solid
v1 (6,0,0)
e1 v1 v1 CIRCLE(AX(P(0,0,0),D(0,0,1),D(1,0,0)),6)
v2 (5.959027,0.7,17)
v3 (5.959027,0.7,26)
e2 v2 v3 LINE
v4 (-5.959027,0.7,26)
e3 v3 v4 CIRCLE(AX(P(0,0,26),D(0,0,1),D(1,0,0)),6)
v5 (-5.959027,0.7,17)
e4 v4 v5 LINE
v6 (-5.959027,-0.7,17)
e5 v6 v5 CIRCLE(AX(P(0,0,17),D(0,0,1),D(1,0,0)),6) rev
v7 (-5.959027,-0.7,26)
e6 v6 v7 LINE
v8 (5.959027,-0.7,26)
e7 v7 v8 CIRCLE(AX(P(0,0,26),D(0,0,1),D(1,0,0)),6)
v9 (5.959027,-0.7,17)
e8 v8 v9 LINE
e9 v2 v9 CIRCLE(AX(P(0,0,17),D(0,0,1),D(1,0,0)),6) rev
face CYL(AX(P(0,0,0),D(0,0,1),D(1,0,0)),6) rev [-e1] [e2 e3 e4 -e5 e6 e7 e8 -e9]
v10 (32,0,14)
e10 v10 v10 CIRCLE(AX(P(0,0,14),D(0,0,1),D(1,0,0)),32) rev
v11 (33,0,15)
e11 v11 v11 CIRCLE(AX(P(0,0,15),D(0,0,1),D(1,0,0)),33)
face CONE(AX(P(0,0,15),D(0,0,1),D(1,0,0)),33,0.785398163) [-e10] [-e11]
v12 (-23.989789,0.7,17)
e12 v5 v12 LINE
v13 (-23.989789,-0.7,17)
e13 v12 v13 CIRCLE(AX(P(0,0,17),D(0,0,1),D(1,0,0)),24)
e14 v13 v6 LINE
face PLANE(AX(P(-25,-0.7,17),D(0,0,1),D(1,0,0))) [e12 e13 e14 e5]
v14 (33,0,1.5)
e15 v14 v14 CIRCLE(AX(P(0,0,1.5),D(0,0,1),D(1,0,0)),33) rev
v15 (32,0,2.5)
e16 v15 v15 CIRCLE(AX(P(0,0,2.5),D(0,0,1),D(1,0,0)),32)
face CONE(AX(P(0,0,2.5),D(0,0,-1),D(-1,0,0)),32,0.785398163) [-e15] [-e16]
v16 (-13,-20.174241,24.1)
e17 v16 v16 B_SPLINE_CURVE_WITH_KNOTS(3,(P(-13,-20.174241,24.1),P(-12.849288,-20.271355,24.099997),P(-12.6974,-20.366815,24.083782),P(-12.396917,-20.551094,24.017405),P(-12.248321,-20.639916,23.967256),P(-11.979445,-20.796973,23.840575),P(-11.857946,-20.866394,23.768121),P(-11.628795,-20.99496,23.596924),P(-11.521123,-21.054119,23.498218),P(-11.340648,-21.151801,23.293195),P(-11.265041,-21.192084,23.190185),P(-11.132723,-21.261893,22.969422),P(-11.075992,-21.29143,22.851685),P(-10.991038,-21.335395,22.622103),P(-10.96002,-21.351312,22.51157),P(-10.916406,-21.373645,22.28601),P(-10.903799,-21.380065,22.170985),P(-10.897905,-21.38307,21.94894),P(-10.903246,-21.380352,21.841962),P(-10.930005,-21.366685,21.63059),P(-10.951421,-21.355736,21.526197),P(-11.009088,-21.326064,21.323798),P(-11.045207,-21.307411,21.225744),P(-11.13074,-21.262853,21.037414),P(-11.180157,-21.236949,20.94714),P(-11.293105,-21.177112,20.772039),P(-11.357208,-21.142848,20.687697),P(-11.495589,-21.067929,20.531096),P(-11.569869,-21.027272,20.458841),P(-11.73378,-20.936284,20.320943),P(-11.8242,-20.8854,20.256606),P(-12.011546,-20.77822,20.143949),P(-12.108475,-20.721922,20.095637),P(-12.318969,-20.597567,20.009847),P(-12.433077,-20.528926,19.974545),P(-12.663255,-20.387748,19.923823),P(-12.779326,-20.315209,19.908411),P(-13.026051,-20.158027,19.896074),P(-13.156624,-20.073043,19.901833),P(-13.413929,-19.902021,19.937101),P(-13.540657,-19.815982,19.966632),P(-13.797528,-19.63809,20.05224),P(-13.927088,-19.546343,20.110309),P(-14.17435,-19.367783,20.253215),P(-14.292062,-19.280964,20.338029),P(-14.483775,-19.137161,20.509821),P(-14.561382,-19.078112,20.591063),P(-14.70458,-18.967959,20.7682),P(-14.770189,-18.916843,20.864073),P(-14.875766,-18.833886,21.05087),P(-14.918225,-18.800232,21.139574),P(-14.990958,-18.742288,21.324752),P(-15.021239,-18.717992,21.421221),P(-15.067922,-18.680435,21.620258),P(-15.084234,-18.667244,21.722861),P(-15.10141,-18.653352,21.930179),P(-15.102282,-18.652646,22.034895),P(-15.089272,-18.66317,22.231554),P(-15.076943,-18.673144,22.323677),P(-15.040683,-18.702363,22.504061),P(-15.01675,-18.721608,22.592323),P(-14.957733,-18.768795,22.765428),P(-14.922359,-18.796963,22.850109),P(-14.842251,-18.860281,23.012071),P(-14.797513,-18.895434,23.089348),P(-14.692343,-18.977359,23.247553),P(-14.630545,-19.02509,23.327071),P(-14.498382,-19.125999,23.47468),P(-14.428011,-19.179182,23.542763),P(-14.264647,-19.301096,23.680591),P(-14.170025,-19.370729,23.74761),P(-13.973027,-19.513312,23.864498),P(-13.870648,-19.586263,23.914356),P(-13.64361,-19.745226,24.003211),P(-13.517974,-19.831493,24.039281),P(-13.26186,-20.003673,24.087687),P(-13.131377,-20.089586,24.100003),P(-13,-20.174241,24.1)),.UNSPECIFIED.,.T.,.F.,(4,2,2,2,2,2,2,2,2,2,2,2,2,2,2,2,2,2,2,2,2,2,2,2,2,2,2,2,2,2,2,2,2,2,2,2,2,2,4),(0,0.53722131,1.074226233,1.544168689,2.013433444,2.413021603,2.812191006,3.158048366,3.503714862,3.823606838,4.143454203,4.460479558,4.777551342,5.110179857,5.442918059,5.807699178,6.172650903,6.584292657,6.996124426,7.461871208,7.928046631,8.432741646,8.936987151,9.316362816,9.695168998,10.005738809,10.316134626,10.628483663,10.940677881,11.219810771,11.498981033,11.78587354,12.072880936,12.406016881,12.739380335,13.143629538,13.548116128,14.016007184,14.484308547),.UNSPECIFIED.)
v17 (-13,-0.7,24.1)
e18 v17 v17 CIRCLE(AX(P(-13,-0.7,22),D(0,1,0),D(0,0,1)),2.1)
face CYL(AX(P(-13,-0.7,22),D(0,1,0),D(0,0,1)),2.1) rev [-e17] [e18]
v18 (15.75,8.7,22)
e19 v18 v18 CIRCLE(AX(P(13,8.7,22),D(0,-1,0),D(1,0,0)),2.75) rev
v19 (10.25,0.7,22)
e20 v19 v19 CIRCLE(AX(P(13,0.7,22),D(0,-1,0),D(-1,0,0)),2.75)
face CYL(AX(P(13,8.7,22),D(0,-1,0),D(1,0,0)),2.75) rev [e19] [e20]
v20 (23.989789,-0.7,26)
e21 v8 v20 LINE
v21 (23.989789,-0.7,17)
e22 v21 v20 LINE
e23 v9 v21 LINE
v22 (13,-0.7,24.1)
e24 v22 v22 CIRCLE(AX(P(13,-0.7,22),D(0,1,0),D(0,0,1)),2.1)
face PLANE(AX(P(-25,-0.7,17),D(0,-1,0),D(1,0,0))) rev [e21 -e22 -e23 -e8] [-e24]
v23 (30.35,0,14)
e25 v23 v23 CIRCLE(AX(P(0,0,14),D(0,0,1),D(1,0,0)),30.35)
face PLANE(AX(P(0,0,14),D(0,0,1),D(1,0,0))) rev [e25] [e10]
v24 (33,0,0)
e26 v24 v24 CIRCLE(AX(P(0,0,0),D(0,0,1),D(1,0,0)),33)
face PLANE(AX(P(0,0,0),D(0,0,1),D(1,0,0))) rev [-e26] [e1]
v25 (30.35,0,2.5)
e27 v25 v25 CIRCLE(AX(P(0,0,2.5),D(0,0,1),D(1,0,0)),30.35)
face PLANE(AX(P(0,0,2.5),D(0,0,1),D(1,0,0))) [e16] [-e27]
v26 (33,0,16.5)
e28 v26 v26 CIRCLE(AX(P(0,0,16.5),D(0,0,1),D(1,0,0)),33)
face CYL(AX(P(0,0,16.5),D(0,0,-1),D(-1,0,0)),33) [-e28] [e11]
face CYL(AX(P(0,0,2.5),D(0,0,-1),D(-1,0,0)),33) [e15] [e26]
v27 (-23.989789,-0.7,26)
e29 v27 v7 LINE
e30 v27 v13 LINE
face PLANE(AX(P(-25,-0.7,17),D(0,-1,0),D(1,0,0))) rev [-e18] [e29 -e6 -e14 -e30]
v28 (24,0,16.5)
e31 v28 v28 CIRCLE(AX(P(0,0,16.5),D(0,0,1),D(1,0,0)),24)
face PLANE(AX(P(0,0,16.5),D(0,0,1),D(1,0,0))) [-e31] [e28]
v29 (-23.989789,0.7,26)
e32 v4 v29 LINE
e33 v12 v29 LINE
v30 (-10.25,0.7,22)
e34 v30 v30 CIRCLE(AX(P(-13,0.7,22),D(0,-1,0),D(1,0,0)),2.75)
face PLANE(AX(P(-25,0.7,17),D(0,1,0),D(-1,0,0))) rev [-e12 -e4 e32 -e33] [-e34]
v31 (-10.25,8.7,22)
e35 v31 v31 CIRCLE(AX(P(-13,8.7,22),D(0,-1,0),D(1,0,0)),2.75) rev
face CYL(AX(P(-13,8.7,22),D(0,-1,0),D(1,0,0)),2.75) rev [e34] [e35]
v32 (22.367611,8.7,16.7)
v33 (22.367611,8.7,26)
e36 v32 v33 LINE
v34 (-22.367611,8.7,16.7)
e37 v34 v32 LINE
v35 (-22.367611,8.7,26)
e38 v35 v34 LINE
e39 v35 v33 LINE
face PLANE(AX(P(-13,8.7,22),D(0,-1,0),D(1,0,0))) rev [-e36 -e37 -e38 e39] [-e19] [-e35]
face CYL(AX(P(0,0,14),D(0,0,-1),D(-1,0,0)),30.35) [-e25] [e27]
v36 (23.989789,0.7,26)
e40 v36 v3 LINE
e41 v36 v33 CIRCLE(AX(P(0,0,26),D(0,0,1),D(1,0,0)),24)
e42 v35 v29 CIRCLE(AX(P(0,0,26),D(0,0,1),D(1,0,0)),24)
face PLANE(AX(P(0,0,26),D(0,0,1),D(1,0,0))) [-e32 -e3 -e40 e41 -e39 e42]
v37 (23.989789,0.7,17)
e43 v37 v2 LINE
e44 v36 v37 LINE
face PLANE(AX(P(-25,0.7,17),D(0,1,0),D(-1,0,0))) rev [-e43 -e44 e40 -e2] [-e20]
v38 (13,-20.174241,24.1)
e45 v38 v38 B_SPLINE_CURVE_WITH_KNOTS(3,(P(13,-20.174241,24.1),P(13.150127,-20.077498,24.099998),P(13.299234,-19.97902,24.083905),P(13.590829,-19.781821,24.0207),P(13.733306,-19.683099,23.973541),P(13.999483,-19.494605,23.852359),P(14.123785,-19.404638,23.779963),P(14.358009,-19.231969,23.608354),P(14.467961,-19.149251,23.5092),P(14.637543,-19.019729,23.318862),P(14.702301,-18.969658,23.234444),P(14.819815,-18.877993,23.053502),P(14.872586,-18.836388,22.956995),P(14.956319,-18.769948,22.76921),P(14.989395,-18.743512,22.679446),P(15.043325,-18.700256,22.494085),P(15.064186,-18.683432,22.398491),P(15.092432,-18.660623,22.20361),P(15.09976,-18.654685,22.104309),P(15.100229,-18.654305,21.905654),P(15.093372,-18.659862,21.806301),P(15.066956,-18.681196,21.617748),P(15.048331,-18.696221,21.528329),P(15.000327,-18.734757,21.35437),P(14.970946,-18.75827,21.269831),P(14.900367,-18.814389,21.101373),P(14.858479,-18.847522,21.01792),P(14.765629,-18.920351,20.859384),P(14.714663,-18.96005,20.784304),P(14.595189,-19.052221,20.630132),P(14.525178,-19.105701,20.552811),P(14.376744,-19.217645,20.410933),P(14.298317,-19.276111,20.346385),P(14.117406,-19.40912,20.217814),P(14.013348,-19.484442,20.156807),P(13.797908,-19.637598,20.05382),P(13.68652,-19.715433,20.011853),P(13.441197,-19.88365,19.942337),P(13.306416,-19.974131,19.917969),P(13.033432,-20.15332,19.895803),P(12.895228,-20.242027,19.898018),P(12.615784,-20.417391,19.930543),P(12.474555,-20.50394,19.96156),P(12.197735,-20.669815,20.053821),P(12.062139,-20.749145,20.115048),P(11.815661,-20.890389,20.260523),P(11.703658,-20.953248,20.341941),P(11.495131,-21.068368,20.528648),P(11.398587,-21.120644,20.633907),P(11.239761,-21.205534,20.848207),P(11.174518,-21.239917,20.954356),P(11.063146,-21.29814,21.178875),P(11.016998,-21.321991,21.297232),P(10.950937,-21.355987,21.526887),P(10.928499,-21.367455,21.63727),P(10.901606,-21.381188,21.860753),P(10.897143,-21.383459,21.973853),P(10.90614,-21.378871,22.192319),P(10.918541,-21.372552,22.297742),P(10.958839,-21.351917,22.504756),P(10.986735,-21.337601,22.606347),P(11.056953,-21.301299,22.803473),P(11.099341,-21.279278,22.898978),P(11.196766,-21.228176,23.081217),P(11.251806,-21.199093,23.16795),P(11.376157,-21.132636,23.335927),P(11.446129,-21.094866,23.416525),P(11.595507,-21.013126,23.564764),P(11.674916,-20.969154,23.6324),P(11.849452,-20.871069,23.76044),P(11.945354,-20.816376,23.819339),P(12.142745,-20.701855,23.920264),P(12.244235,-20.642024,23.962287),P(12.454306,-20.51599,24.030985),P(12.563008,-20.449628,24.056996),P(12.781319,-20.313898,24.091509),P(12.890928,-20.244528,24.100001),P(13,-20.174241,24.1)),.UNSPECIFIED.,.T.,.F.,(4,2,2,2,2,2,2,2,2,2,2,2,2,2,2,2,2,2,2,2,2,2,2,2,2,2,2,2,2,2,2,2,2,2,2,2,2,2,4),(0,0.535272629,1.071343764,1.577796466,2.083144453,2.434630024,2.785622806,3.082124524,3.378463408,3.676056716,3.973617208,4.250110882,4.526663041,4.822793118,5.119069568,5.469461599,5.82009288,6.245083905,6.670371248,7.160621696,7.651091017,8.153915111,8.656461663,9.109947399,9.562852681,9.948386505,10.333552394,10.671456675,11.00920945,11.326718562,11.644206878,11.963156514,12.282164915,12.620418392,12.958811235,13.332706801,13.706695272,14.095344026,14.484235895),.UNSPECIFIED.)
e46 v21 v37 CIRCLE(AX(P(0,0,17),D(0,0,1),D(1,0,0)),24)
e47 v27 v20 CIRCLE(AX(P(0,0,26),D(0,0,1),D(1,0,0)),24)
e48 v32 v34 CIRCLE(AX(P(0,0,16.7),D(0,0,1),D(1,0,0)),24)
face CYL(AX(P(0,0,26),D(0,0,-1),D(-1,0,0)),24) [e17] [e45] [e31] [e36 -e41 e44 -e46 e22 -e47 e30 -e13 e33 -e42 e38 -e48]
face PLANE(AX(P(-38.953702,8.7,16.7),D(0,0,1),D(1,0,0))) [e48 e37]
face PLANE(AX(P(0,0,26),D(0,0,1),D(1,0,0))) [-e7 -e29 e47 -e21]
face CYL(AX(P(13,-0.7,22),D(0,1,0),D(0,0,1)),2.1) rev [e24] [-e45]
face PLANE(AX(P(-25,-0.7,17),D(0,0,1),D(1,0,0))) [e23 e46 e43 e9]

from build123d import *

# Parameters (mm, degrees)
SKETCH_1_R          = 33
EXTRUDE_1_DEPTH     = 2.5
SKETCH_2_R          = 30.35
EXTRUDE_2_DEPTH     = 11.5
SKETCH_3_R          = 33
EXTRUDE_3_DEPTH     = 2.5
SKETCH_4_R          = 24
EXTRUDE_4_DEPTH     = 9.5
CHAMFER_1_SIZE      = 1
SKETCH_5_R          = 6
CUT_EXTRUDE_1_DEPTH = 54.422841557
SKETCH_6_W          = 50
SKETCH_6_H          = 1.4
CUT_EXTRUDE_2_DEPTH = 9
SKETCH_7_R          = 2.75
CUT_EXTRUDE_3_DEPTH = 8
SKETCH_8_R          = 5
CUT_EXTRUDE_4_DEPTH = 60.193665202
HOLE_WIZARD_M5_1_D  = 4.2
SKETCH_12_W         = 10
SKETCH_12_H         = 14
CUT_EXTRUDE_5_DEPTH = 4
SKETCH_13_W         = 72.487869612
SKETCH_13_H         = 16.576438216
CUT_EXTRUDE_6_DEPTH = 9.3


with BuildPart() as part:
    # 草图1 → 凸台-拉伸1 (new body)
    with BuildSketch(Plane.XY):
        Circle(SKETCH_1_R)
    extrude(amount=EXTRUDE_1_DEPTH)

    # 草图2 → 凸台-拉伸2 (add)
    with BuildSketch(Plane.XY.offset(2.5)):
        Circle(SKETCH_2_R)
    extrude(amount=EXTRUDE_2_DEPTH)

    # 草图3 → 凸台-拉伸3 (add)
    with BuildSketch(Plane.XY.offset(14)):
        Circle(SKETCH_3_R)
    extrude(amount=EXTRUDE_3_DEPTH)

    # 草图4 → 凸台-拉伸4 (add)
    with BuildSketch(Plane.XY.offset(16.5)):
        Circle(SKETCH_4_R)
    extrude(amount=EXTRUDE_4_DEPTH)

    # 倒角1
    chamfer_1_edges = [part.edges().sort_by_distance(p)[0] for p in [
        (-33, 0, 2.5),
        (-33, 0, 14),
    ]]
    chamfer(chamfer_1_edges, length=CHAMFER_1_SIZE)

    # 草图5 → 切除-拉伸1 (cut, through all)
    with BuildSketch(Plane.XY.offset(26)):
        Circle(SKETCH_5_R)
    extrude(amount=-CUT_EXTRUDE_1_DEPTH, mode=Mode.SUBTRACT)

    # 草图6 → 切除-拉伸2 (cut)
    with BuildSketch(Plane.XY.offset(26)):
        Rectangle(SKETCH_6_W, SKETCH_6_H)
    extrude(amount=-CUT_EXTRUDE_2_DEPTH, mode=Mode.SUBTRACT)

    # 草图7 → 切除-拉伸3 (cut)
    with BuildSketch(Plane.XZ.offset(-0.7)):
        with Locations((-13, 22)):
            Circle(SKETCH_7_R)
        with Locations(Location((13, 22, 0), (0, 0, 180))):
            Circle(SKETCH_7_R)
    extrude(amount=-CUT_EXTRUDE_3_DEPTH, mode=Mode.SUBTRACT)

    # 草图8 → 切除-拉伸4 (cut, through all)
    with BuildSketch(Plane.XZ.offset(-8.7)):
        with Locations((-13, 22)):
            Circle(SKETCH_8_R)
        with Locations((13, 22)):
            Circle(SKETCH_8_R)
    extrude(amount=-CUT_EXTRUDE_4_DEPTH, mode=Mode.SUBTRACT)

    # M5 螺纹孔1 (through all)
    with Locations(Plane(origin=(0, -0.7, 0), x_dir=(-1, 0, 0), z_dir=(0, 1, 0))):
        with Locations((13, 22), (-13, 22)):
            Hole(HOLE_WIZARD_M5_1_D / 2)

    # 草图12 → 切除-拉伸5 (cut)
    with BuildSketch(Plane.XY.offset(26)):
        with Locations((-13, 15.7)):
            Rectangle(SKETCH_12_W, SKETCH_12_H)
        with Locations((13, 15.7)):
            Rectangle(SKETCH_12_W, SKETCH_12_H)
    extrude(amount=-CUT_EXTRUDE_5_DEPTH, mode=Mode.SUBTRACT)

    # 草图13 → 切除-拉伸6 (cut)
    with BuildSketch(Plane.XY.offset(26)):
        with Locations((-2.709766805, 16.988219108)):
            Rectangle(SKETCH_13_W, SKETCH_13_H)
    extrude(amount=-CUT_EXTRUDE_6_DEPTH, mode=Mode.SUBTRACT)


solid = part.part
